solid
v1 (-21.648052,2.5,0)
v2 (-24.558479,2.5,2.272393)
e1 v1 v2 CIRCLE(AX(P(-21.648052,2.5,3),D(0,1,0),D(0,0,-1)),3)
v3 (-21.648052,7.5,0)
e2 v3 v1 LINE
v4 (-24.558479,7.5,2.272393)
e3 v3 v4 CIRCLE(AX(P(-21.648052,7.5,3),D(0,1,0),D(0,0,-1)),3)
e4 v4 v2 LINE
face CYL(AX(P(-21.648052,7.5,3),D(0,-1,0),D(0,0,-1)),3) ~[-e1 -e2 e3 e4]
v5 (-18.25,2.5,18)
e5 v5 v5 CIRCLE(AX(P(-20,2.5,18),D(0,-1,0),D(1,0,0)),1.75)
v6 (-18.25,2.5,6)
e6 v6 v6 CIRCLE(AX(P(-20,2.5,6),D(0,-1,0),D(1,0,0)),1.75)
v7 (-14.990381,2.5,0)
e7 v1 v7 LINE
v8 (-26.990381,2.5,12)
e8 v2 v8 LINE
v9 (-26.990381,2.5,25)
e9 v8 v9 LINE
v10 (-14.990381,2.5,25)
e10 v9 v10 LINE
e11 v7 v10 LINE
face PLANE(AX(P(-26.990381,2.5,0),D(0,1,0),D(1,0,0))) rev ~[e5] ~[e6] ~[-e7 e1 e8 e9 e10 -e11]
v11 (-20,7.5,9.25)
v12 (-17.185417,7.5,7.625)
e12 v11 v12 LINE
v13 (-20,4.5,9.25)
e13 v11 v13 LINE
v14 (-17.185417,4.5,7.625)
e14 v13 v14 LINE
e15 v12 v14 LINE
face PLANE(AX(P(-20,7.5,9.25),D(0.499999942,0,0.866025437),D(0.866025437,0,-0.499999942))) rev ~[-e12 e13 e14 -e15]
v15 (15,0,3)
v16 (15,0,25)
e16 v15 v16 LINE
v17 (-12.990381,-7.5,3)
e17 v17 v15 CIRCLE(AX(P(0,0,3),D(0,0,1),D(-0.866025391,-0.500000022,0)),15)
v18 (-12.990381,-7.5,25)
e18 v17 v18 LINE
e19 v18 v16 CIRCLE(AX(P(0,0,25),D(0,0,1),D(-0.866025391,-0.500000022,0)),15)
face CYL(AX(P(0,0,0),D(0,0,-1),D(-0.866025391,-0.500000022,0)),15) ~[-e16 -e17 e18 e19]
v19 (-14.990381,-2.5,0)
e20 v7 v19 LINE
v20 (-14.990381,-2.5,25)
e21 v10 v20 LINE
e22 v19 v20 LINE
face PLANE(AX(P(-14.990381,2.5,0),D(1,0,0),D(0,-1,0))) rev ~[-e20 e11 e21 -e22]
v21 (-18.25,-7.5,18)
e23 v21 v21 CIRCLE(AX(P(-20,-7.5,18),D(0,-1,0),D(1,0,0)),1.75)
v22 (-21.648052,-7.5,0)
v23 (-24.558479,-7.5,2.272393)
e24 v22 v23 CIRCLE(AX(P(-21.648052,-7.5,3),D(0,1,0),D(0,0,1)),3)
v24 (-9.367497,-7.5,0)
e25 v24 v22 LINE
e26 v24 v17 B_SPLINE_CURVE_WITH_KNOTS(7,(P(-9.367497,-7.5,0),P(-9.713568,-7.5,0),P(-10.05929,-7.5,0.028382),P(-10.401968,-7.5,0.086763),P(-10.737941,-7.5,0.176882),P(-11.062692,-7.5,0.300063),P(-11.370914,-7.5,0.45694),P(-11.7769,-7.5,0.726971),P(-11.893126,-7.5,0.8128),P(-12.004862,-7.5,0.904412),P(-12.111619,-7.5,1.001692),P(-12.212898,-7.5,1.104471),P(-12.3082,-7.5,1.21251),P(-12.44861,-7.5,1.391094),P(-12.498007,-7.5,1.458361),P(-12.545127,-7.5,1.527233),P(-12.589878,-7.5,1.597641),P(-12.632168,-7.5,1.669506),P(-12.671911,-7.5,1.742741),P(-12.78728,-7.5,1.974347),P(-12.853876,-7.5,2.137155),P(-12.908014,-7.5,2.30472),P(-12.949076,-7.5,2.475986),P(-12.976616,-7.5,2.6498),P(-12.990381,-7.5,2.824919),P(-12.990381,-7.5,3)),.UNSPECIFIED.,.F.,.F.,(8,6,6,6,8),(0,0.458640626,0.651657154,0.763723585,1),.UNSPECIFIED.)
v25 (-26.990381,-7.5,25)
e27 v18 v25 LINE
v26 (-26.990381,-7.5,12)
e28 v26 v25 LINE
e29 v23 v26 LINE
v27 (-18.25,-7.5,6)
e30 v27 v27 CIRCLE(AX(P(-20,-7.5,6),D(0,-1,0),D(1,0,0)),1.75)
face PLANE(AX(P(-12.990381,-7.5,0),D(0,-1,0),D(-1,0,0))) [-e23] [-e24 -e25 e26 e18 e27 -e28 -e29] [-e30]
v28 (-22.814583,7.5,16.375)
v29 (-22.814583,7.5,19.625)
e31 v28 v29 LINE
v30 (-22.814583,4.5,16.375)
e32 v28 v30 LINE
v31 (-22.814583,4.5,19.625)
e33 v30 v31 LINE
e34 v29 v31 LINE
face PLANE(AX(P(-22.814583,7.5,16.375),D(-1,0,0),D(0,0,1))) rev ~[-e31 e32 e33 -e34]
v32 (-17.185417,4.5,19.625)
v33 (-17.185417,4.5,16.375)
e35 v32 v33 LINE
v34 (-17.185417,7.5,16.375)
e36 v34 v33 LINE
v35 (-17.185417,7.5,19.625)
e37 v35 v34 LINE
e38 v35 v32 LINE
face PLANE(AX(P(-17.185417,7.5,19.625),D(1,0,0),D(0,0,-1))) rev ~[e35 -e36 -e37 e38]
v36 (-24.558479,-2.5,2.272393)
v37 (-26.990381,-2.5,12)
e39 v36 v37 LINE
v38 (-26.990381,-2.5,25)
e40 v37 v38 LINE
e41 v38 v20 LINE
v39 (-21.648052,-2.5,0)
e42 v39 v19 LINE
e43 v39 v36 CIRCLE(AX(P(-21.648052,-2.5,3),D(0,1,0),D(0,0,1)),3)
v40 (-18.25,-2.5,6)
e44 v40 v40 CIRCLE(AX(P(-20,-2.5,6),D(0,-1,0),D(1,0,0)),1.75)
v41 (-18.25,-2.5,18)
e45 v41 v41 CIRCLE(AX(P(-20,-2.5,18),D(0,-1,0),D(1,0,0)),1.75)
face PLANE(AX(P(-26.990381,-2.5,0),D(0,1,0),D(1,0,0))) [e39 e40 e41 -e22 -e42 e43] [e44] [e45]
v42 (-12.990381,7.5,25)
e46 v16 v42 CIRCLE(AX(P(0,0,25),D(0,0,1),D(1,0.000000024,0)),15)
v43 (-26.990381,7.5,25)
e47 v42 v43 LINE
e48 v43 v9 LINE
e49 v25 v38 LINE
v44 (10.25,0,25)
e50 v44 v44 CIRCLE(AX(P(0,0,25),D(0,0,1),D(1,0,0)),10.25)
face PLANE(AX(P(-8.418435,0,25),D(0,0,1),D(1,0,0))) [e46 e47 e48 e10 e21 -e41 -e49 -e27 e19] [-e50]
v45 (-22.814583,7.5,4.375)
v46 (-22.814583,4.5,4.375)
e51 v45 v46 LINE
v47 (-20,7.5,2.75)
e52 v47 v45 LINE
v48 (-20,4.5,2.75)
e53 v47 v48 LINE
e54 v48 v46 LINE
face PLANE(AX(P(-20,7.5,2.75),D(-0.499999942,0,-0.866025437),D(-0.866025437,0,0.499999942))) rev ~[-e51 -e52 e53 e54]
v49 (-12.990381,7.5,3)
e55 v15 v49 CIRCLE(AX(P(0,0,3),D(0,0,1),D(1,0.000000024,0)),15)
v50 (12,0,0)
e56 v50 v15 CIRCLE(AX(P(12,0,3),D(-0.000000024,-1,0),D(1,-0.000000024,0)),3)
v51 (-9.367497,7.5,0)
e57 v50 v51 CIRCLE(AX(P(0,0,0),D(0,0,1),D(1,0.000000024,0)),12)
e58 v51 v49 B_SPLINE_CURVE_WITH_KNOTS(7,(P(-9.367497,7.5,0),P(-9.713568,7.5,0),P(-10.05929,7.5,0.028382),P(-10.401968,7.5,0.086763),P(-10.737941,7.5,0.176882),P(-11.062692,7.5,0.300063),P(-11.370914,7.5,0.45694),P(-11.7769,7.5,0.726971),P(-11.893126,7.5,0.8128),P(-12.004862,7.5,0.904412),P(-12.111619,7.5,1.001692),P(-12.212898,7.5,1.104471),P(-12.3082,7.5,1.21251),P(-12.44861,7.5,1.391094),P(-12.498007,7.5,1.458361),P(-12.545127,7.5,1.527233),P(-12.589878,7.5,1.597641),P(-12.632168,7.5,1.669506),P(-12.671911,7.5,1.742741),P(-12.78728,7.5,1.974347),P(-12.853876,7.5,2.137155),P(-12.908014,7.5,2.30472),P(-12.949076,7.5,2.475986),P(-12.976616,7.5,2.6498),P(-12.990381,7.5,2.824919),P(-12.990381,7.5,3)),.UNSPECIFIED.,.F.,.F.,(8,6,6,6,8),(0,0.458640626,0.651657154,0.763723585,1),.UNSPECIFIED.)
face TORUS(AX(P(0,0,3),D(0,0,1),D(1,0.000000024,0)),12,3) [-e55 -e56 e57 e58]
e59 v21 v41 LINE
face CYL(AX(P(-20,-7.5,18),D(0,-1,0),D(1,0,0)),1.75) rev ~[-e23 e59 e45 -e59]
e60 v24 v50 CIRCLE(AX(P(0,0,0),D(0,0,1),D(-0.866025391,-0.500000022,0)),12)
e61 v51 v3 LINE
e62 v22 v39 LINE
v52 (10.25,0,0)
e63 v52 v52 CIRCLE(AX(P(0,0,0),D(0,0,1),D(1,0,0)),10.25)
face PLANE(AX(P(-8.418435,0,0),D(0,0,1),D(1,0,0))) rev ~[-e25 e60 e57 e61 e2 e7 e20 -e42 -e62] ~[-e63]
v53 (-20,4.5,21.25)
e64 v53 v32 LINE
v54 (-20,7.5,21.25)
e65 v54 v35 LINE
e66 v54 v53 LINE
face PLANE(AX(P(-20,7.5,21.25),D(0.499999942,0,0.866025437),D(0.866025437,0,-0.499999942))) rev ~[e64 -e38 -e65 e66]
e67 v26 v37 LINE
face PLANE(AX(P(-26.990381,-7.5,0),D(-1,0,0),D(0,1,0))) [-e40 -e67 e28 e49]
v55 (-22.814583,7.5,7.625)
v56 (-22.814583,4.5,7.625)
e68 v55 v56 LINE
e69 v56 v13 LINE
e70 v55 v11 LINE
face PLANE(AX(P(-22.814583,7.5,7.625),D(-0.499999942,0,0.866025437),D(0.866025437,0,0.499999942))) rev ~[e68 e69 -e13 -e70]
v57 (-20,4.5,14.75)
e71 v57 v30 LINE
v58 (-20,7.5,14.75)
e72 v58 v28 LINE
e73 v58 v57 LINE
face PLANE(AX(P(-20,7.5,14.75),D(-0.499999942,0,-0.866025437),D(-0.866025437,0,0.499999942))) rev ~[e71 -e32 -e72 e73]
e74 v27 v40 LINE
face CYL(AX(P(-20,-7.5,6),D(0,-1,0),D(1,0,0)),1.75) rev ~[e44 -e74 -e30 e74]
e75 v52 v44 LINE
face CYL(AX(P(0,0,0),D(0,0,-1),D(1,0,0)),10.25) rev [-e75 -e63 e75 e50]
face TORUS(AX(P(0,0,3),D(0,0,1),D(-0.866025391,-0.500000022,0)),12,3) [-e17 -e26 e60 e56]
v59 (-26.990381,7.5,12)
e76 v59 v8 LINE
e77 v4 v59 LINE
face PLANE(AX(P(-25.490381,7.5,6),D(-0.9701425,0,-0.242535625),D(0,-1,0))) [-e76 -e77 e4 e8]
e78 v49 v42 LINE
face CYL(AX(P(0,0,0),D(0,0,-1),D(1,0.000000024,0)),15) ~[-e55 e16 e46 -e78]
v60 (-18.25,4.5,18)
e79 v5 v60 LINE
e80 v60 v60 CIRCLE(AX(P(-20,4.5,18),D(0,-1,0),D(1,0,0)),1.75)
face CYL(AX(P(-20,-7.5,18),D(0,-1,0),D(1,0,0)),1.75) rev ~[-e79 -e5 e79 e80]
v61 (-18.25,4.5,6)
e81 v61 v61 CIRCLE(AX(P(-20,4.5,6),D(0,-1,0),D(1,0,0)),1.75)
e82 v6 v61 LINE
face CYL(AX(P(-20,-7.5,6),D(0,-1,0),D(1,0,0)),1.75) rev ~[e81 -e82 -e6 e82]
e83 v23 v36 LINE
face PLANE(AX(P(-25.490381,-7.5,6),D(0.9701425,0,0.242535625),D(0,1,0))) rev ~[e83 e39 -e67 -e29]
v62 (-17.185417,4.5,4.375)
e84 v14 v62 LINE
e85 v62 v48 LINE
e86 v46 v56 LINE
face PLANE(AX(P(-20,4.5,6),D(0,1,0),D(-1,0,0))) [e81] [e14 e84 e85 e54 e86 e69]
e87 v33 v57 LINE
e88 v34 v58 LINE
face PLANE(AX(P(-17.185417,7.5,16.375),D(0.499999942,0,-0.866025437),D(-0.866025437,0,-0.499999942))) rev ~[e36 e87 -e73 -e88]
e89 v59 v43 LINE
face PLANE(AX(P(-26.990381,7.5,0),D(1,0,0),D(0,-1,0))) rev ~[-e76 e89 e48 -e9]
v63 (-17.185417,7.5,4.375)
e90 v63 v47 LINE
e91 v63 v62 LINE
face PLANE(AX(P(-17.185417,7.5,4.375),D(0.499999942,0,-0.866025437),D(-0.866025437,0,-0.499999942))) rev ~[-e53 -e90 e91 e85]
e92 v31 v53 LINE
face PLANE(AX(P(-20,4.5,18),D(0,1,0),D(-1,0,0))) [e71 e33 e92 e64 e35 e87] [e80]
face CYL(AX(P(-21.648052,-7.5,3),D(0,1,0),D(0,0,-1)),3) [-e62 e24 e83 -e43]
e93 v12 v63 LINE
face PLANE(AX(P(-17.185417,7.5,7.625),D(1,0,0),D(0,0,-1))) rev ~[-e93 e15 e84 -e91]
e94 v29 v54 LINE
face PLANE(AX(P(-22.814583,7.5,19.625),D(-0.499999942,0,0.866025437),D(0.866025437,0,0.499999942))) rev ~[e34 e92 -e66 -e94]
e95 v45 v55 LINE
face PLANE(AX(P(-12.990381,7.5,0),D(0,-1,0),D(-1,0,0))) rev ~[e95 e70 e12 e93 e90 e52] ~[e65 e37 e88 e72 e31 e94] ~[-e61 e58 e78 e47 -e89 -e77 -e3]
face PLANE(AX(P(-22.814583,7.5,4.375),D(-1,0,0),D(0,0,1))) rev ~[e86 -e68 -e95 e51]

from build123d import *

# Parameters (mm, degrees)
SKETCH_R        = 10.25
PAD_DEPTH       = 25
SKETCH001_R     = 1.75
POCKET_DEPTH    = 22.501
POCKET001_DEPTH = 3
CHAMFER_SIZE2   = 12
CHAMFER_SIZE    = 3
FILLET_R        = 3
FILLET001_R     = 3


with BuildPart() as part:
    # Sketch → Pad (new body)
    with BuildSketch(Plane.XY):
        with BuildLine():
            ThreePointArc((15, 0), (3.882286, 14.488887), (-12.990381, 7.5))
            Line((-12.990381, 7.5), (-26.990381, 7.5))
            Line((-26.990381, 7.5), (-26.990381, 2.5))
            Line((-26.990381, 2.5), (-14.990381, 2.5))
            Line((-14.990381, 2.5), (-14.990381, -2.5))
            Line((-26.990381, -2.5), (-14.990381, -2.5))
            Line((-26.990381, -7.5), (-26.990381, -2.5))
            Line((-12.990381, -7.5), (-26.990381, -7.5))
            ThreePointArc((-12.990381, -7.5), (3.882286, -14.488887), (15, 0))
        make_face()
        Circle(SKETCH_R, mode=Mode.SUBTRACT)
    extrude(amount=PAD_DEPTH)

    # Sketch001 (on Face8 of Pad) → Pocket (cut, through all)
    with BuildSketch(Plane.XZ.offset(7.5)):
        with Locations((-20, 6)):
            Circle(SKETCH001_R)
        with Locations((-20, 18)):
            Circle(SKETCH001_R)
    extrude(amount=-POCKET_DEPTH, mode=Mode.SUBTRACT)

    # Sketch002 (on Face3 of Pocket) → Pocket001 (cut)
    with BuildSketch(Plane(origin=(0, 7.5, 0), x_dir=(-1, 0, 0), z_dir=(0, 1, 0))):
        Polygon((20, 2.75), (22.814583, 4.375), (22.814583, 7.625), (20, 9.25), (17.185417, 7.625), (17.185417, 4.375), align=None)
        Polygon((20, 14.75), (22.814583, 16.375), (22.814583, 19.625), (20, 21.25), (17.185417, 19.625), (17.185417, 16.375), align=None)
    extrude(amount=-POCKET001_DEPTH, mode=Mode.SUBTRACT)

    # Chamfer
    chamfer_edges = [part.edges().sort_by_distance(p)[0] for p in [
        (-26.990381, 5, 0),
        (-26.990381, -5, 0),
    ]]
    chamfer_side = part.faces().sort_by_distance((3.748719, 13.990411, 0))[0]
    chamfer(chamfer_edges, length=CHAMFER_SIZE, length2=CHAMFER_SIZE2, reference=chamfer_side)

    # Fillet
    fillet_edges = [part.edges().sort_by_distance(p)[0] for p in [
        (-23.990381, 5, 0),
        (-23.990381, -5, 0),
    ]]
    fillet(fillet_edges, radius=FILLET_R)

    # Fillet001
    fillet001_edges = [part.edges().sort_by_distance(p)[0] for p in [
        (3.882286, -14.488887, 0),
        (3.882286, 14.488887, 0),
    ]]
    fillet(fillet001_edges, radius=FILLET001_R)


solid = part.part
